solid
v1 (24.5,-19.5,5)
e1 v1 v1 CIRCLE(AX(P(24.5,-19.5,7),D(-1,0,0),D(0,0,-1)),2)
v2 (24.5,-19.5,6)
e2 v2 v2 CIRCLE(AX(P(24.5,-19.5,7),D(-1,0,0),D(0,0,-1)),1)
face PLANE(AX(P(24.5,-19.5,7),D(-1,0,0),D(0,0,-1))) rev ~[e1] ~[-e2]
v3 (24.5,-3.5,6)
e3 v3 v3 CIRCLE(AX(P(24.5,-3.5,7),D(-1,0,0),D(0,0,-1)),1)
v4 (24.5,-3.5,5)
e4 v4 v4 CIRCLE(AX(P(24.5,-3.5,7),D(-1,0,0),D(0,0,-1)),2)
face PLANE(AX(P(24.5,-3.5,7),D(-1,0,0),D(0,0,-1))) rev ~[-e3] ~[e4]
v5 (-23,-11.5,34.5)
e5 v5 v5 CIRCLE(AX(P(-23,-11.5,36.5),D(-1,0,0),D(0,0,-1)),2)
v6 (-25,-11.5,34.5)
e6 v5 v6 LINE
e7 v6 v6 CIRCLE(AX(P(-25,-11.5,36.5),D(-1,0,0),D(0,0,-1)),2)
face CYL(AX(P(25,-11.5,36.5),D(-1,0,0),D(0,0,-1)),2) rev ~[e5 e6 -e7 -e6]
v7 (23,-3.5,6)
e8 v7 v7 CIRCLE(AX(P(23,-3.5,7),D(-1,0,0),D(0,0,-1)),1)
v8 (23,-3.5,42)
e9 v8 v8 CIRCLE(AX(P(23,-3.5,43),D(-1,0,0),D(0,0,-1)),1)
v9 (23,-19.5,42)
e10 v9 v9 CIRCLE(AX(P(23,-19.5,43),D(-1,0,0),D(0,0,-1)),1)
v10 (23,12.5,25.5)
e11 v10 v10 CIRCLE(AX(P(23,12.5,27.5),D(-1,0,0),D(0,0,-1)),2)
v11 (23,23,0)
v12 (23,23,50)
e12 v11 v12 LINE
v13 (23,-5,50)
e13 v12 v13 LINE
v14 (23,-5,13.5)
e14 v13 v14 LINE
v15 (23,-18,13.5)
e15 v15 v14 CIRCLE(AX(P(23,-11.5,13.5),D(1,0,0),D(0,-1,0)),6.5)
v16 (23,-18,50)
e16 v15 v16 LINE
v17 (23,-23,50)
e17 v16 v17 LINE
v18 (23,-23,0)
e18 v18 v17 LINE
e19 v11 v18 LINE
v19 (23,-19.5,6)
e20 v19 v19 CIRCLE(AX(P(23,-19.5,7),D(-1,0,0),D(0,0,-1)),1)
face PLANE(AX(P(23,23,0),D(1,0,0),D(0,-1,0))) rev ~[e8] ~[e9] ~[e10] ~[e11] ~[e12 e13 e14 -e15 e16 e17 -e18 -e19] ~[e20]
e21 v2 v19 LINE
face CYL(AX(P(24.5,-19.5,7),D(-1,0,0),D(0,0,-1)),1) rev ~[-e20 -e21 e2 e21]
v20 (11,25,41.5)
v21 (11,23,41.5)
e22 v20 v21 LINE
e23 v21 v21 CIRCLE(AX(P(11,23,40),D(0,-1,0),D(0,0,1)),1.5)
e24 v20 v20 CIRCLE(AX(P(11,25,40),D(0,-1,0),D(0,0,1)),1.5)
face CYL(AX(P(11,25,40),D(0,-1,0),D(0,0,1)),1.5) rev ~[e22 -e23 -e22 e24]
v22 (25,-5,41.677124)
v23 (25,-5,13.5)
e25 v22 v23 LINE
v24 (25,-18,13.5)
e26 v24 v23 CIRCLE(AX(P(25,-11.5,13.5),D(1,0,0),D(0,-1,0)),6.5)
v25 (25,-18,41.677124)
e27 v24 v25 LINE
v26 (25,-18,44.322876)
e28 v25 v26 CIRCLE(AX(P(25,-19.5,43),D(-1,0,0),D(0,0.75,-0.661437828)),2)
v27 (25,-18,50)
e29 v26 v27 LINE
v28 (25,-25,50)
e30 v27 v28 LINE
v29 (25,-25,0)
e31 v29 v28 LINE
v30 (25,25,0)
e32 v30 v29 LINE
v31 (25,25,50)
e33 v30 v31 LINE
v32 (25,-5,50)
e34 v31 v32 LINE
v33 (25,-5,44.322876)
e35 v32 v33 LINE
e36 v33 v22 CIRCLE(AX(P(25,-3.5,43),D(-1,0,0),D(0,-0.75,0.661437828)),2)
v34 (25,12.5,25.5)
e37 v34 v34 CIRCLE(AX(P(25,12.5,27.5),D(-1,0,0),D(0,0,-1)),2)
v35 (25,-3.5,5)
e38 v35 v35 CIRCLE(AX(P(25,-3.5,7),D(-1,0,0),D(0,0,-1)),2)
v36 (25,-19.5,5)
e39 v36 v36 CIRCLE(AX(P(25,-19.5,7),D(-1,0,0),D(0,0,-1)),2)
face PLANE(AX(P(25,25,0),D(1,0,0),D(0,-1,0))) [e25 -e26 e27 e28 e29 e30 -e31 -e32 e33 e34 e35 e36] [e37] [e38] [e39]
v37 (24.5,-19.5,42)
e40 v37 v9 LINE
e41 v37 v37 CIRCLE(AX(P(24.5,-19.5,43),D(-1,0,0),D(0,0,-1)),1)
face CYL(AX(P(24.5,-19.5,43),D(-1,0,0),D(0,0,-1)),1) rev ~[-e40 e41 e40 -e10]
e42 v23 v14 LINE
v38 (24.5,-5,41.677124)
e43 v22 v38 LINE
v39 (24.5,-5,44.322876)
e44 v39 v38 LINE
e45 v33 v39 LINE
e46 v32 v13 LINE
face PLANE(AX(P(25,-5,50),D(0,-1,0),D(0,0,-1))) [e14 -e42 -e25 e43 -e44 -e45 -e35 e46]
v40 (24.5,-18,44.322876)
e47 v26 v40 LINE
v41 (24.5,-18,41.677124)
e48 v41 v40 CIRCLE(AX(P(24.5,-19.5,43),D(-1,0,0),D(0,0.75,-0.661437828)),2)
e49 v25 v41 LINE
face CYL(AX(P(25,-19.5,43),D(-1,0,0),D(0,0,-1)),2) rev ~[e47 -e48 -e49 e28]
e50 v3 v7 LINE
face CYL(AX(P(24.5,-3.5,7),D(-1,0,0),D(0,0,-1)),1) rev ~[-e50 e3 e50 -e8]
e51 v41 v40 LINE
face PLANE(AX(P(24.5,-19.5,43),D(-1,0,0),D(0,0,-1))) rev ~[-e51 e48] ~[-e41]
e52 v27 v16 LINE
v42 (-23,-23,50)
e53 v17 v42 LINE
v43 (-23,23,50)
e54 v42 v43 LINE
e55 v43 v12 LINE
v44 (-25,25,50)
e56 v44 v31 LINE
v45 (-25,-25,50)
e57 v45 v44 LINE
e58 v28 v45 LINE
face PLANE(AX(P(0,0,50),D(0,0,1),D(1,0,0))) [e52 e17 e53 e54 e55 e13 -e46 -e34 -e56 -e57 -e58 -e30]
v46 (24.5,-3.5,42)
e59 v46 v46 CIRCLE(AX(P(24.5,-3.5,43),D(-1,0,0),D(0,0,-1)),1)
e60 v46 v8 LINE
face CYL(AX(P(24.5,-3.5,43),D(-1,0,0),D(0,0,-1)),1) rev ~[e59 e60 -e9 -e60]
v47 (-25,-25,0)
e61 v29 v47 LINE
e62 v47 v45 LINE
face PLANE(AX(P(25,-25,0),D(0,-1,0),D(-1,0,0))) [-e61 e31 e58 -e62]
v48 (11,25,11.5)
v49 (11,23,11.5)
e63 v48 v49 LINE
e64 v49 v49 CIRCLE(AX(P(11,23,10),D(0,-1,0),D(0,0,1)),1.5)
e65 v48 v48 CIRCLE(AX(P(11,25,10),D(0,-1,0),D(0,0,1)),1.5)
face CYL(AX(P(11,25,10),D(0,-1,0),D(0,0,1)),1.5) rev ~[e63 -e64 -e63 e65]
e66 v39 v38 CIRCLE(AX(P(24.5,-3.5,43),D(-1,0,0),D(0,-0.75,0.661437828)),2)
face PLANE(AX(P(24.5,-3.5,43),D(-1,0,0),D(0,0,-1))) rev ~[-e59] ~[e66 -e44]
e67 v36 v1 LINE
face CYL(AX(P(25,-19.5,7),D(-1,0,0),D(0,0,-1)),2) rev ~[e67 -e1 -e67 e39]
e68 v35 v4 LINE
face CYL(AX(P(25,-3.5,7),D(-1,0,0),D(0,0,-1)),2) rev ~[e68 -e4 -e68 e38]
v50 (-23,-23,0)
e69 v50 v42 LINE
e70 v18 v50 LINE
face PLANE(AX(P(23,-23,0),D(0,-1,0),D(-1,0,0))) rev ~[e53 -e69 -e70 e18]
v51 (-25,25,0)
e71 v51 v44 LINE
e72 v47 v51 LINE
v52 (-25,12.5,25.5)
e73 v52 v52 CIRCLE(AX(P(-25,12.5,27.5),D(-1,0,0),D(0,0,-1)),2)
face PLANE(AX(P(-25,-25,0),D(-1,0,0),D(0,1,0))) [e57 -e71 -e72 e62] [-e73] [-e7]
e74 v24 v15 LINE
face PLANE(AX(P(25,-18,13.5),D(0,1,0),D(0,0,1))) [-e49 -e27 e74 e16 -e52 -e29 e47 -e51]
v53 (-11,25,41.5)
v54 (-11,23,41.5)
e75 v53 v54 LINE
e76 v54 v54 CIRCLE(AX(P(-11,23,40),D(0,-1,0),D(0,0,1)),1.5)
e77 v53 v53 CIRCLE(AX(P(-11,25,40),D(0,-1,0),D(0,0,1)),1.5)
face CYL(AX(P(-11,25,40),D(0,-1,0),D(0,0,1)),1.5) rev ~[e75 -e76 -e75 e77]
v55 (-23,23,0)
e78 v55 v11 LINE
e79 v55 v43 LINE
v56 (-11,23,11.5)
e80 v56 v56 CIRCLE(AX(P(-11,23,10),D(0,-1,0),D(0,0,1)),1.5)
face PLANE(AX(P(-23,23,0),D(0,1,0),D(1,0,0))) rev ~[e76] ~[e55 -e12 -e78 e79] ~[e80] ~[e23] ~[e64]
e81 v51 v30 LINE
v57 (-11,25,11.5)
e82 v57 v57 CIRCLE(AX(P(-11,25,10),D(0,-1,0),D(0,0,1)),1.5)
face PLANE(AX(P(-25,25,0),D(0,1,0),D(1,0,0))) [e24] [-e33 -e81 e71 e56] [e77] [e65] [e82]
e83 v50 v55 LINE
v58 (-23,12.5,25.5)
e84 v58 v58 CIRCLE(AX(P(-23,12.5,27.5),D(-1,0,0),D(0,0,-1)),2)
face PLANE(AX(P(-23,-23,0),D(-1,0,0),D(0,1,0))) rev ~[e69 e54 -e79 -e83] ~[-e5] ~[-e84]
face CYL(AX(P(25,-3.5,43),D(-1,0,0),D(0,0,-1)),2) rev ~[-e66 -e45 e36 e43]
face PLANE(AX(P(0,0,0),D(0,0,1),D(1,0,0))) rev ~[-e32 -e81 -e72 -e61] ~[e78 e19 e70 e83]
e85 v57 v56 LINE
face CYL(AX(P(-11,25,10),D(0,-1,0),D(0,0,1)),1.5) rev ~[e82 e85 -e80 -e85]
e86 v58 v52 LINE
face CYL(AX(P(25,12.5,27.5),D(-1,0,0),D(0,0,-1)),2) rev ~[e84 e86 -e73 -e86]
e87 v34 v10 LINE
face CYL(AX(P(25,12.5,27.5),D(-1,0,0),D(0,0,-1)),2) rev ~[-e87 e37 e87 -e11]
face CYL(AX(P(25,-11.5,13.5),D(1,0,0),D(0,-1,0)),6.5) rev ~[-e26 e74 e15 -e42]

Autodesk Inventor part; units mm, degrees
ref_plane "YZ Plane" through (0, 0, 0) normal (1, 0, 0) x (0, 1, 0)
ref_plane "XZ Plane" through (0, 0, 0) normal (0, 1, 0) x (-1, 0, 0)
ref_plane "XY Plane" through (0, 0, 0) normal (0, 0, 1) x (1, 0, 0)
sketch "スケッチ1" plane through (0, 0, 0) normal (0, 0, 1) x (1, 0, 0)
  line L0 (-25, 25) -> (25, 25)
  line L1 (25, 25) -> (25, -25)
  line L2 (25, -25) -> (-25, -25)
  line L3 (-25, -25) -> (-25, 25)
  line L4 (-23, 23) -> (23, 23)
  line L5 (23, 23) -> (23, -23)
  line L6 (23, -23) -> (-23, -23)
  line L7 (-23, -23) -> (-23, 23)
  point P0 (0, 0)
  dimension "d0" = 50
  dimension "d1" = 50
  dimension "d4" = 25
  dimension "d5" = 25
  dimension "d6" = 46
  dimension "d7" = 2
  dimension "d8" = 46
  dimension "d9" = 2
extrude "押し出し1" add sketch "スケッチ1" along normal blind 50
sketch "スケッチ2" plane through (25, -25, 0) normal (1, 0, 0) x (0, 0, -1)
  line L0 (-50, 50) -> (-50, 0) projected
  line L1 (0, 0) -> (-50, 0) projected
  line L2 (-50, 20) -> (-13.5, 20)
  line L3 (-13.5, 7) -> (-50, 7)
  line L4 (-50, 7) -> (-50, 20)
  arc A0 (-13.5, 7) -> (-13.5, 20) centre (-13.5, 13.5) ccw
  point P0 (0, 25)
  point P1 (-7, 13.5)
  dimension "d34" = 13
  dimension "d35" = 7
  dimension "d43" = 13
  dimension "d44" = 6.5
  dimension "d46" = 36.5
extrude "押し出し2" cut sketch "スケッチ2" against normal blind 30.5
sketch "スケッチ3" plane through (25, -25, 0) normal (1, 0, 0) x (0, 0, -1)
  arc A0 (-13.5, 7) -> (-13.5, 20) centre (-13.5, 13.5) ccw projected
  line L0 (-13.5, 7) -> (-50, 7) projected
  circle A1 centre (-7, 21.5) radius 1
  circle A2 centre (-43, 21.5) radius 1
  circle A3 centre (-43, 5.5) radius 1
  circle A4 centre (-7, 5.5) radius 1
  point P0 (0, 25)
  dimension "d47" = 8
  dimension "d48" = 8
  dimension "d49" = 16
  dimension "d50" = 1.5
  dimension "d51" = 36
  dimension "d52" = 36
  dimension "d53" = 6.5
  dimension "d55" = 2
  dimension "d56" = 6.5
hole "穴1" at (25, -19.5, 43) at (25, -3.5, 7) at (25, -19.5, 7) at (25, -3.5, 43) direction (-1, 0, 0) diameter 2 depth 2 tip angle 118 counterbore diameter 4 counterbore depth 0.5
sketch "スケッチ11" plane through (25, -25, 0) normal (1, 0, 0) x (0, 0, -1)
  line L0 (0, 0) -> (-50, 0) projected
  circle A0 centre (-27.5, 37.5) radius 1.5
  line L1 (-50, 50) -> (-50, 20) projected
  circle A1 centre (-36.5, 13.5) radius 1.5
  line L2 (0, 50) -> (0, 0) projected
  point P0 (0, 25)
  dimension "d108" = 13.5
  dimension "d109" = 3
  dimension "d110" = 13.5
  dimension "d128" = 24
  dimension "d137" = 27.5
hole "穴6" at (25, -11.5, 36.5) at (25, 12.5, 27.5) direction (-1, 0, 0) diameter 4 end through all
sketch "スケッチ17" plane through (-25, 25, 50) normal (0, 1, 0) x (1, 0, 0)
  line L0 (0, 50) -> (50, 50) projected
  line L1 (0, 0) -> (50, 0) projected
  circle A0 centre (14, 40) radius 1.5
  circle A1 centre (36, 40) radius 1.5
  circle A2 centre (14, 10) radius 1.5
  circle A3 centre (36, 10) radius 1.5
  point P0 (49.5, 0)
  point P1 (49.5, 50)
  point P2 (25, 50)
  dimension "d196" = 3
  dimension "d199" = 10
  dimension "d200" = 10
  dimension "d201" = 10
  dimension "d202" = 10
  dimension "d239" = 22
  dimension "d240" = 22
  dimension "d241" = 11
  dimension "d242" = 11
hole "穴12" at (11, 25, 40) at (-11, 25, 40) at (11, 25, 10) at (-11, 25, 10) direction (0, -1, 0) diameter 3 depth 2 tip angle 118
thread "ねじ1" size "M3x0.5" class "6H" standard "ANSI Metric M Profile" full length
thread "ねじ2" size "M3x0.5" class "6H" standard "ANSI Metric M Profile" full length
thread "ねじ3" size "M3x0.5" class "6H" standard "ANSI Metric M Profile" full length
thread "ねじ4" size "M3x0.5" class "6H" standard "ANSI Metric M Profile" full length
properties part number "05" material "アルミニウム 6061"
